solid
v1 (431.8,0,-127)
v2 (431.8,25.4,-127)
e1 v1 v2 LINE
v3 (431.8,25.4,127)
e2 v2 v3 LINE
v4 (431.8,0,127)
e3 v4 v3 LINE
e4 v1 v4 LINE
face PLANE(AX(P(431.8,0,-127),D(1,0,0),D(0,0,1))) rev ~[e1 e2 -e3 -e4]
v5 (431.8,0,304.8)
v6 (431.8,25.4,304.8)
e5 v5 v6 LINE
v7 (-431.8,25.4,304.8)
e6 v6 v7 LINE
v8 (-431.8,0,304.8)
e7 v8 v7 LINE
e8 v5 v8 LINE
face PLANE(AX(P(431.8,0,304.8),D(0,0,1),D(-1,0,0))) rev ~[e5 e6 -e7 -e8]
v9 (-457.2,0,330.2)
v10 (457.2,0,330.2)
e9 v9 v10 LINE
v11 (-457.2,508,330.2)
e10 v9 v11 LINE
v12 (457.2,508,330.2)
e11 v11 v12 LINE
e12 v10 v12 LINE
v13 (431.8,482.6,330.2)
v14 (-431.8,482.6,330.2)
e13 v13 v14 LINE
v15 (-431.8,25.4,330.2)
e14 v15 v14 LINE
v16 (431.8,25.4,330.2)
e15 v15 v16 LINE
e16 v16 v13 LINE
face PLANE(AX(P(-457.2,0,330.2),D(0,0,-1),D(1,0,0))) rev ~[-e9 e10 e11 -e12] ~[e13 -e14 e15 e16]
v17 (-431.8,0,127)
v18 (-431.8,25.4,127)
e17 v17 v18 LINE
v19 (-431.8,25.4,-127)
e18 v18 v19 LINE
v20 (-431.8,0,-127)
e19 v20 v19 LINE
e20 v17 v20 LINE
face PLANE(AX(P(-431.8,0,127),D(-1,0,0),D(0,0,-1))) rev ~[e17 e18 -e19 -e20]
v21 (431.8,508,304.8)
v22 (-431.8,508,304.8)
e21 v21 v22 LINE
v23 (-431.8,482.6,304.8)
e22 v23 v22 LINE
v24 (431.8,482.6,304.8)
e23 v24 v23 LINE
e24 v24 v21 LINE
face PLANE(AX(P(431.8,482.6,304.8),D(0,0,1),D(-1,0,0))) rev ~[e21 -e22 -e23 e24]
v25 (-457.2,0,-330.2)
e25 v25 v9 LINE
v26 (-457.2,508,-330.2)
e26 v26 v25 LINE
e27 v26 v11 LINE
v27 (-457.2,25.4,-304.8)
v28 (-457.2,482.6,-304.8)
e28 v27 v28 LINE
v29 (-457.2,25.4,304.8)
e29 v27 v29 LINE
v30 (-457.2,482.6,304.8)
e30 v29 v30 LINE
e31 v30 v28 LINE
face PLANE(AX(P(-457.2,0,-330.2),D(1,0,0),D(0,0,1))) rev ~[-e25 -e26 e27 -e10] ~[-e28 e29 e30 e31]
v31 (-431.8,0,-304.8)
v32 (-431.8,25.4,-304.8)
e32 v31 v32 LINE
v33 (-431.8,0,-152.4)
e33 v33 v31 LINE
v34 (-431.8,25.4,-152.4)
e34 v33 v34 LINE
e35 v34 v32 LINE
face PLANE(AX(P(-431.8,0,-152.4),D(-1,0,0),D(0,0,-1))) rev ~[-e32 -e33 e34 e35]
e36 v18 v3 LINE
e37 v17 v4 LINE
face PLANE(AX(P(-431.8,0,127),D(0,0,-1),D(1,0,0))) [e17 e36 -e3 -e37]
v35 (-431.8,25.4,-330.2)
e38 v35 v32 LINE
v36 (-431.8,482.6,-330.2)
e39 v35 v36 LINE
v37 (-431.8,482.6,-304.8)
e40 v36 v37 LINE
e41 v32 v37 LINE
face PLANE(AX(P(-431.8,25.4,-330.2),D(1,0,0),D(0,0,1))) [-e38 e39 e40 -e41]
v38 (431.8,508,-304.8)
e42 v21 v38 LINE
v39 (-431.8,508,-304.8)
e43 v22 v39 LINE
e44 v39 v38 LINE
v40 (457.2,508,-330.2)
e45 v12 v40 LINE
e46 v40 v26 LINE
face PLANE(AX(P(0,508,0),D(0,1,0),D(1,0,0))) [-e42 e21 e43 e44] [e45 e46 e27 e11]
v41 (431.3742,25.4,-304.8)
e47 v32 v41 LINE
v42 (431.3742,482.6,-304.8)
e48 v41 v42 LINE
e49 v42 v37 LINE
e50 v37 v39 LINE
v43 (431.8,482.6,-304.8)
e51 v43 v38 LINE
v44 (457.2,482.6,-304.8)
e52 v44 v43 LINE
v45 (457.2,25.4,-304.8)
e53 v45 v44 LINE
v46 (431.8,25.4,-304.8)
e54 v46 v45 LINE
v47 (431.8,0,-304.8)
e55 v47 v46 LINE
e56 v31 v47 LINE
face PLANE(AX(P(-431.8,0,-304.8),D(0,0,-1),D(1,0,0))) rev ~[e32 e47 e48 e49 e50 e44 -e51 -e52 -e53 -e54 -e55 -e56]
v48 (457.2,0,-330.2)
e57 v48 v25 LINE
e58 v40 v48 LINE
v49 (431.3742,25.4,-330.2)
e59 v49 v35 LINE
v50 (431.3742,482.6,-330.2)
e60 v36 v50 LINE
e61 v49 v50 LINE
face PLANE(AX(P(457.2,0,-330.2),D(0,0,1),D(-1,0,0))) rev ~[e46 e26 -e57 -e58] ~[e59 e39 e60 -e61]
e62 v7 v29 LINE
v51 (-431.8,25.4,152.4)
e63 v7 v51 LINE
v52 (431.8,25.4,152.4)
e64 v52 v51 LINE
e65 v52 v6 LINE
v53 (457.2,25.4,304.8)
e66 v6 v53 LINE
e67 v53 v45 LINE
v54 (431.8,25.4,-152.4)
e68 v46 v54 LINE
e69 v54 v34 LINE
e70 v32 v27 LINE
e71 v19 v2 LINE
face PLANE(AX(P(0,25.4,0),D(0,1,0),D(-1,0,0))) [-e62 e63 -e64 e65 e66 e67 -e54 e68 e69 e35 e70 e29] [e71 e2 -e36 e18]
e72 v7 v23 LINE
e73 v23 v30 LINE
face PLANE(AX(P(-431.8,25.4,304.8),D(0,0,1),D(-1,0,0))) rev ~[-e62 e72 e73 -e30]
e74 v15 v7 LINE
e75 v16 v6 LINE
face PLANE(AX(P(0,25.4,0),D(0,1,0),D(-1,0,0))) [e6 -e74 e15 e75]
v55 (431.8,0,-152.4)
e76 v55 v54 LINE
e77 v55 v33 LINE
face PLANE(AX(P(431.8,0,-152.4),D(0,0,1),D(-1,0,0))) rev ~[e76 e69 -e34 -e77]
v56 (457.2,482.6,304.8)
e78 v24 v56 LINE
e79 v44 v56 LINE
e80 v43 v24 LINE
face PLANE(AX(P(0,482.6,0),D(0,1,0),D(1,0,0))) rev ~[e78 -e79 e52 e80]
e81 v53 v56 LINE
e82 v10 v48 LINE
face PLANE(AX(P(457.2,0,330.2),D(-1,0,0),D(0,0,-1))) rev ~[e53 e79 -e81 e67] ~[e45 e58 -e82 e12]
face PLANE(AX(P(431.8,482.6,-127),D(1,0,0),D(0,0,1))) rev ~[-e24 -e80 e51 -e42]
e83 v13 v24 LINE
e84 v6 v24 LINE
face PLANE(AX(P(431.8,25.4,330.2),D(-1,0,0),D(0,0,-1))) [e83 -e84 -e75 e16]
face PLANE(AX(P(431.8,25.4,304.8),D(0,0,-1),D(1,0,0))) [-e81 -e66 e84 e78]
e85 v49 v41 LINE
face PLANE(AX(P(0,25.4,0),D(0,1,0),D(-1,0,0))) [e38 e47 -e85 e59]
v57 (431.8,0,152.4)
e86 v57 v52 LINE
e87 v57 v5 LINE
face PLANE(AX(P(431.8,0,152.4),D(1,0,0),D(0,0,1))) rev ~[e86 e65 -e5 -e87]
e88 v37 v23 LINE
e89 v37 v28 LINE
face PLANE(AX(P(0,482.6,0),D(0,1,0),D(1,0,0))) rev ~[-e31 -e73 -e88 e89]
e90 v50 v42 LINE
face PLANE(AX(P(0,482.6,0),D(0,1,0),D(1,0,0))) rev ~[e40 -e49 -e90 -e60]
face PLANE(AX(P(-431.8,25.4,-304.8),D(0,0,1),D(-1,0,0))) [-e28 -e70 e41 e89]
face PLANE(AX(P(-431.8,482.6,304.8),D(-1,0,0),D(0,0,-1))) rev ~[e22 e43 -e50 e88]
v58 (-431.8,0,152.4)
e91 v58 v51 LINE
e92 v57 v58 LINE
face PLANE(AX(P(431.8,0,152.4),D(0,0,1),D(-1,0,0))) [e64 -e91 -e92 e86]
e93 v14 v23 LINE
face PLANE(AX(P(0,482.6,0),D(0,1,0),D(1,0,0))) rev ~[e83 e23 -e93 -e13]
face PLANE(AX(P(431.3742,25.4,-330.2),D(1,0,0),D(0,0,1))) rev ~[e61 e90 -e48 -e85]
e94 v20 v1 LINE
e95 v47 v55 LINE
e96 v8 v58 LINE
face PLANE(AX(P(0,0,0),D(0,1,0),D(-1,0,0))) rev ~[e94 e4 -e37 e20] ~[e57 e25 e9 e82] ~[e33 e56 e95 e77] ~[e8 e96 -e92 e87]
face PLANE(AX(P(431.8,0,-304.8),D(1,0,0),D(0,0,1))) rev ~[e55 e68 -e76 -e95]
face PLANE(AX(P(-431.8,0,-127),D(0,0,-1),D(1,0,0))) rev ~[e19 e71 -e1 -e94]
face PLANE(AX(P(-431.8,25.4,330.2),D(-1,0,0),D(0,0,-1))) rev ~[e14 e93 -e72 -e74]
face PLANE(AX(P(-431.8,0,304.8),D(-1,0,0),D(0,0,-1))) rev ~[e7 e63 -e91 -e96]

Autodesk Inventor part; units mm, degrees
ref_plane "YZ Plane" through (0, 0, 0) normal (1, 0, 0) x (0, 1, 0)
ref_plane "XZ Plane" through (0, 0, 0) normal (0, 1, 0) x (-1, 0, 0)
ref_plane "XY Plane" through (0, 0, 0) normal (0, 0, 1) x (1, 0, 0)
sketch "Sketch1" plane through (0, 0, 0) normal (0, 1, 0) x (-1, 0, 0)
  line L0 (457.2, 330.2) -> (-457.2, 330.2)
  line L1 (-457.2, 330.2) -> (-457.2, -330.2)
  line L2 (-457.2, -330.2) -> (457.2, -330.2)
  line L3 (457.2, -330.2) -> (457.2, 330.2)
  line L4 (457.2, 330.2) -> (-457.2, -330.2) construction
  line L5 (-457.2, 330.2) -> (457.2, -330.2) construction
  line L6 (-431.8, -304.8) -> (-431.8, 304.8)
  line L7 (-431.8, 304.8) -> (431.8, 304.8)
  line L8 (431.8, 304.8) -> (431.8, -304.8)
  line L9 (431.8, -304.8) -> (-431.8, -304.8)
  line L10 (-431.8, 152.4) -> (431.8, 152.4)
  line L11 (431.8, 152.4) -> (431.8, 127)
  line L12 (431.8, 127) -> (-431.8, 127)
  line L13 (-431.8, 127) -> (-431.8, 152.4)
  line L14 (431.8, -127) -> (-431.8, -127)
  line L15 (-431.8, -127) -> (-431.8, -152.4)
  line L16 (-431.8, -152.4) -> (431.8, -152.4)
  line L17 (431.8, -152.4) -> (431.8, -127)
  point P0 (0, 0)
  point P1 (0, -152.4)
  dimension "d0" = 914.4
  dimension "d1" = 660.4
  dimension "d2" = 25.4
  dimension "d3" = 25.4
  dimension "d4" = 25.4
  dimension "d5" = 152.4
  dimension "d6" = 152.4
extrude "Extrusion1" add sketch "Sketch1" along normal blind 25.4 contours L3 L2 L1 L0 | L6 L14 L8 L16 | L6 L10 L8 L12
sketch "Sketch2" plane through (0, 25.4, 0) normal (0, 1, 0) x (1, 0, 0)
  line L0 (-457.2, 330.2) -> (-457.2, -330.2) projected
  line L1 (431.8, -304.8) -> (-431.8, -304.8) projected
  line L2 (-457.2, -330.2) -> (-431.8, -330.2)
  line L3 (-431.8, -330.2) -> (-431.8, -304.8)
  line L4 (-431.8, -304.8) -> (-457.2, -304.8)
  line L5 (-457.2, -304.8) -> (-457.2, -330.2)
  line L6 (457.2, 330.2) -> (-457.2, 330.2) projected
  line L7 (-431.8, 304.8) -> (431.8, 304.8) projected
  line L8 (-457.2, 330.2) -> (-431.8, 330.2)
  line L9 (-431.8, 330.2) -> (-431.8, 304.8)
  line L10 (-431.8, 304.8) -> (-457.2, 304.8)
  line L11 (-457.2, 304.8) -> (-457.2, 330.2)
  line L12 (457.2, -330.2) -> (457.2, 330.2) projected
  line L13 (457.2, 330.2) -> (431.3742, 330.2)
  line L14 (431.3742, 330.2) -> (431.3742, 304.8)
  line L15 (431.3742, 304.8) -> (457.2, 304.8)
  line L16 (457.2, 304.8) -> (457.2, 330.2)
  line L17 (457.2, -330.2) -> (431.8, -330.2)
  line L18 (431.8, -330.2) -> (431.8, -304.8)
  line L19 (431.8, -304.8) -> (457.2, -304.8)
  line L20 (457.2, -304.8) -> (457.2, -330.2)
  point P0 (0, 0)
extrude "Extrusion2" add sketch "Sketch2" along normal blind 457.2 contours L6 L9 L10 L0 | L4 L3 L2 L0 | L6 L12 L15 L7 L14 | L19 L12 L17 L18
sketch "Sketch3" plane through (0, 482.6, 0) normal (0, 1, 0) x (1, 0, 0)
  line L0 (431.8, -127) -> (-431.8, -127)
  line L1 (-431.8, -127) -> (-431.8, 127)
  line L2 (-431.8, 127) -> (431.8, 127)
  line L3 (431.8, 127) -> (431.8, -127)
  line L4 (457.2, 304.8) -> (431.8, 304.8)
  line L5 (431.8, 304.8) -> (431.8, 152.4)
  line L6 (431.8, 152.4) -> (-431.8, 152.4)
  line L7 (-431.8, 152.4) -> (-431.8, 304.8)
  line L8 (-431.8, 304.8) -> (-457.2, 304.8)
  line L9 (-457.2, 304.8) -> (-457.2, -304.8)
  line L10 (-457.2, -304.8) -> (-431.8, -304.8)
  line L11 (-431.8, -304.8) -> (-431.8, -152.4)
  line L12 (-431.8, -152.4) -> (431.8, -152.4)
  line L13 (431.8, -152.4) -> (431.8, -304.8)
  line L14 (431.8, -304.8) -> (457.2, -304.8)
  line L15 (457.2, -304.8) -> (457.2, 304.8)
  line L16 (431.3742, 304.8) -> (431.3742, 330.2)
  line L17 (431.3742, 330.2) -> (-431.8, 330.2)
  line L18 (-431.8, 330.2) -> (-431.8, 304.8)
  line L19 (-431.8, 304.8) -> (431.3742, 304.8)
  line L20 (431.8, -330.2) -> (431.8, -304.8)
  line L21 (431.8, -304.8) -> (-431.8, -304.8)
  line L22 (-431.8, -304.8) -> (-431.8, -330.2)
  line L23 (-431.8, -330.2) -> (431.8, -330.2)
  line L24 (-431.8, -330.2) -> (-431.8, -304.8)
  line L25 (-431.8, -304.8) -> (-457.2, -304.8)
  line L26 (-457.2, -304.8) -> (-457.2, -330.2)
  line L27 (-457.2, -330.2) -> (-431.8, -330.2)
  line L28 (-431.8, 304.8) -> (-431.8, 330.2)
  line L29 (-431.8, 330.2) -> (-457.2, 330.2)
  line L30 (-457.2, 330.2) -> (-457.2, 304.8)
  line L31 (-457.2, 304.8) -> (-431.8, 304.8)
  line L32 (457.2, 304.8) -> (457.2, 330.2)
  line L33 (457.2, 330.2) -> (431.3742, 330.2)
  line L34 (431.3742, 330.2) -> (431.3742, 304.8)
  line L35 (431.3742, 304.8) -> (457.2, 304.8)
  line L36 (457.2, -304.8) -> (431.8, -304.8)
  line L37 (431.8, -330.2) -> (457.2, -330.2)
  line L38 (457.2, -330.2) -> (457.2, -304.8)
  line L39 (457.2, -304.8) -> (431.8, -304.8)
  line L40 (431.8, -304.8) -> (431.8, -330.2)
  line L41 (431.8, -152.4) -> (431.8, -304.8)
  line L42 (431.8, -152.4) -> (431.8, 152.4)
  line L43 (431.8, 127) -> (431.8, -127)
  line L44 (-431.8, -152.4) -> (-431.8, 152.4)
  point P0 (0, 0)
  point P1 (431.8, 127)
extrude "Extrusion3" add sketch "Sketch3" along normal blind 25.4 contours L3 L42 L5 L4 L15 L14 L13 | L44 L11 L10 L9 L8 L7 L1 | L14 L38 L37 L20 | L20 L23 L22 L21 | L22 L27 L26 L10 | L35 L16 L33 L32 L4 | L8 L30 L29 L18 | L18 L17 L16 L19
equation "\"d6\" = d5"
properties part number "Chassis"
